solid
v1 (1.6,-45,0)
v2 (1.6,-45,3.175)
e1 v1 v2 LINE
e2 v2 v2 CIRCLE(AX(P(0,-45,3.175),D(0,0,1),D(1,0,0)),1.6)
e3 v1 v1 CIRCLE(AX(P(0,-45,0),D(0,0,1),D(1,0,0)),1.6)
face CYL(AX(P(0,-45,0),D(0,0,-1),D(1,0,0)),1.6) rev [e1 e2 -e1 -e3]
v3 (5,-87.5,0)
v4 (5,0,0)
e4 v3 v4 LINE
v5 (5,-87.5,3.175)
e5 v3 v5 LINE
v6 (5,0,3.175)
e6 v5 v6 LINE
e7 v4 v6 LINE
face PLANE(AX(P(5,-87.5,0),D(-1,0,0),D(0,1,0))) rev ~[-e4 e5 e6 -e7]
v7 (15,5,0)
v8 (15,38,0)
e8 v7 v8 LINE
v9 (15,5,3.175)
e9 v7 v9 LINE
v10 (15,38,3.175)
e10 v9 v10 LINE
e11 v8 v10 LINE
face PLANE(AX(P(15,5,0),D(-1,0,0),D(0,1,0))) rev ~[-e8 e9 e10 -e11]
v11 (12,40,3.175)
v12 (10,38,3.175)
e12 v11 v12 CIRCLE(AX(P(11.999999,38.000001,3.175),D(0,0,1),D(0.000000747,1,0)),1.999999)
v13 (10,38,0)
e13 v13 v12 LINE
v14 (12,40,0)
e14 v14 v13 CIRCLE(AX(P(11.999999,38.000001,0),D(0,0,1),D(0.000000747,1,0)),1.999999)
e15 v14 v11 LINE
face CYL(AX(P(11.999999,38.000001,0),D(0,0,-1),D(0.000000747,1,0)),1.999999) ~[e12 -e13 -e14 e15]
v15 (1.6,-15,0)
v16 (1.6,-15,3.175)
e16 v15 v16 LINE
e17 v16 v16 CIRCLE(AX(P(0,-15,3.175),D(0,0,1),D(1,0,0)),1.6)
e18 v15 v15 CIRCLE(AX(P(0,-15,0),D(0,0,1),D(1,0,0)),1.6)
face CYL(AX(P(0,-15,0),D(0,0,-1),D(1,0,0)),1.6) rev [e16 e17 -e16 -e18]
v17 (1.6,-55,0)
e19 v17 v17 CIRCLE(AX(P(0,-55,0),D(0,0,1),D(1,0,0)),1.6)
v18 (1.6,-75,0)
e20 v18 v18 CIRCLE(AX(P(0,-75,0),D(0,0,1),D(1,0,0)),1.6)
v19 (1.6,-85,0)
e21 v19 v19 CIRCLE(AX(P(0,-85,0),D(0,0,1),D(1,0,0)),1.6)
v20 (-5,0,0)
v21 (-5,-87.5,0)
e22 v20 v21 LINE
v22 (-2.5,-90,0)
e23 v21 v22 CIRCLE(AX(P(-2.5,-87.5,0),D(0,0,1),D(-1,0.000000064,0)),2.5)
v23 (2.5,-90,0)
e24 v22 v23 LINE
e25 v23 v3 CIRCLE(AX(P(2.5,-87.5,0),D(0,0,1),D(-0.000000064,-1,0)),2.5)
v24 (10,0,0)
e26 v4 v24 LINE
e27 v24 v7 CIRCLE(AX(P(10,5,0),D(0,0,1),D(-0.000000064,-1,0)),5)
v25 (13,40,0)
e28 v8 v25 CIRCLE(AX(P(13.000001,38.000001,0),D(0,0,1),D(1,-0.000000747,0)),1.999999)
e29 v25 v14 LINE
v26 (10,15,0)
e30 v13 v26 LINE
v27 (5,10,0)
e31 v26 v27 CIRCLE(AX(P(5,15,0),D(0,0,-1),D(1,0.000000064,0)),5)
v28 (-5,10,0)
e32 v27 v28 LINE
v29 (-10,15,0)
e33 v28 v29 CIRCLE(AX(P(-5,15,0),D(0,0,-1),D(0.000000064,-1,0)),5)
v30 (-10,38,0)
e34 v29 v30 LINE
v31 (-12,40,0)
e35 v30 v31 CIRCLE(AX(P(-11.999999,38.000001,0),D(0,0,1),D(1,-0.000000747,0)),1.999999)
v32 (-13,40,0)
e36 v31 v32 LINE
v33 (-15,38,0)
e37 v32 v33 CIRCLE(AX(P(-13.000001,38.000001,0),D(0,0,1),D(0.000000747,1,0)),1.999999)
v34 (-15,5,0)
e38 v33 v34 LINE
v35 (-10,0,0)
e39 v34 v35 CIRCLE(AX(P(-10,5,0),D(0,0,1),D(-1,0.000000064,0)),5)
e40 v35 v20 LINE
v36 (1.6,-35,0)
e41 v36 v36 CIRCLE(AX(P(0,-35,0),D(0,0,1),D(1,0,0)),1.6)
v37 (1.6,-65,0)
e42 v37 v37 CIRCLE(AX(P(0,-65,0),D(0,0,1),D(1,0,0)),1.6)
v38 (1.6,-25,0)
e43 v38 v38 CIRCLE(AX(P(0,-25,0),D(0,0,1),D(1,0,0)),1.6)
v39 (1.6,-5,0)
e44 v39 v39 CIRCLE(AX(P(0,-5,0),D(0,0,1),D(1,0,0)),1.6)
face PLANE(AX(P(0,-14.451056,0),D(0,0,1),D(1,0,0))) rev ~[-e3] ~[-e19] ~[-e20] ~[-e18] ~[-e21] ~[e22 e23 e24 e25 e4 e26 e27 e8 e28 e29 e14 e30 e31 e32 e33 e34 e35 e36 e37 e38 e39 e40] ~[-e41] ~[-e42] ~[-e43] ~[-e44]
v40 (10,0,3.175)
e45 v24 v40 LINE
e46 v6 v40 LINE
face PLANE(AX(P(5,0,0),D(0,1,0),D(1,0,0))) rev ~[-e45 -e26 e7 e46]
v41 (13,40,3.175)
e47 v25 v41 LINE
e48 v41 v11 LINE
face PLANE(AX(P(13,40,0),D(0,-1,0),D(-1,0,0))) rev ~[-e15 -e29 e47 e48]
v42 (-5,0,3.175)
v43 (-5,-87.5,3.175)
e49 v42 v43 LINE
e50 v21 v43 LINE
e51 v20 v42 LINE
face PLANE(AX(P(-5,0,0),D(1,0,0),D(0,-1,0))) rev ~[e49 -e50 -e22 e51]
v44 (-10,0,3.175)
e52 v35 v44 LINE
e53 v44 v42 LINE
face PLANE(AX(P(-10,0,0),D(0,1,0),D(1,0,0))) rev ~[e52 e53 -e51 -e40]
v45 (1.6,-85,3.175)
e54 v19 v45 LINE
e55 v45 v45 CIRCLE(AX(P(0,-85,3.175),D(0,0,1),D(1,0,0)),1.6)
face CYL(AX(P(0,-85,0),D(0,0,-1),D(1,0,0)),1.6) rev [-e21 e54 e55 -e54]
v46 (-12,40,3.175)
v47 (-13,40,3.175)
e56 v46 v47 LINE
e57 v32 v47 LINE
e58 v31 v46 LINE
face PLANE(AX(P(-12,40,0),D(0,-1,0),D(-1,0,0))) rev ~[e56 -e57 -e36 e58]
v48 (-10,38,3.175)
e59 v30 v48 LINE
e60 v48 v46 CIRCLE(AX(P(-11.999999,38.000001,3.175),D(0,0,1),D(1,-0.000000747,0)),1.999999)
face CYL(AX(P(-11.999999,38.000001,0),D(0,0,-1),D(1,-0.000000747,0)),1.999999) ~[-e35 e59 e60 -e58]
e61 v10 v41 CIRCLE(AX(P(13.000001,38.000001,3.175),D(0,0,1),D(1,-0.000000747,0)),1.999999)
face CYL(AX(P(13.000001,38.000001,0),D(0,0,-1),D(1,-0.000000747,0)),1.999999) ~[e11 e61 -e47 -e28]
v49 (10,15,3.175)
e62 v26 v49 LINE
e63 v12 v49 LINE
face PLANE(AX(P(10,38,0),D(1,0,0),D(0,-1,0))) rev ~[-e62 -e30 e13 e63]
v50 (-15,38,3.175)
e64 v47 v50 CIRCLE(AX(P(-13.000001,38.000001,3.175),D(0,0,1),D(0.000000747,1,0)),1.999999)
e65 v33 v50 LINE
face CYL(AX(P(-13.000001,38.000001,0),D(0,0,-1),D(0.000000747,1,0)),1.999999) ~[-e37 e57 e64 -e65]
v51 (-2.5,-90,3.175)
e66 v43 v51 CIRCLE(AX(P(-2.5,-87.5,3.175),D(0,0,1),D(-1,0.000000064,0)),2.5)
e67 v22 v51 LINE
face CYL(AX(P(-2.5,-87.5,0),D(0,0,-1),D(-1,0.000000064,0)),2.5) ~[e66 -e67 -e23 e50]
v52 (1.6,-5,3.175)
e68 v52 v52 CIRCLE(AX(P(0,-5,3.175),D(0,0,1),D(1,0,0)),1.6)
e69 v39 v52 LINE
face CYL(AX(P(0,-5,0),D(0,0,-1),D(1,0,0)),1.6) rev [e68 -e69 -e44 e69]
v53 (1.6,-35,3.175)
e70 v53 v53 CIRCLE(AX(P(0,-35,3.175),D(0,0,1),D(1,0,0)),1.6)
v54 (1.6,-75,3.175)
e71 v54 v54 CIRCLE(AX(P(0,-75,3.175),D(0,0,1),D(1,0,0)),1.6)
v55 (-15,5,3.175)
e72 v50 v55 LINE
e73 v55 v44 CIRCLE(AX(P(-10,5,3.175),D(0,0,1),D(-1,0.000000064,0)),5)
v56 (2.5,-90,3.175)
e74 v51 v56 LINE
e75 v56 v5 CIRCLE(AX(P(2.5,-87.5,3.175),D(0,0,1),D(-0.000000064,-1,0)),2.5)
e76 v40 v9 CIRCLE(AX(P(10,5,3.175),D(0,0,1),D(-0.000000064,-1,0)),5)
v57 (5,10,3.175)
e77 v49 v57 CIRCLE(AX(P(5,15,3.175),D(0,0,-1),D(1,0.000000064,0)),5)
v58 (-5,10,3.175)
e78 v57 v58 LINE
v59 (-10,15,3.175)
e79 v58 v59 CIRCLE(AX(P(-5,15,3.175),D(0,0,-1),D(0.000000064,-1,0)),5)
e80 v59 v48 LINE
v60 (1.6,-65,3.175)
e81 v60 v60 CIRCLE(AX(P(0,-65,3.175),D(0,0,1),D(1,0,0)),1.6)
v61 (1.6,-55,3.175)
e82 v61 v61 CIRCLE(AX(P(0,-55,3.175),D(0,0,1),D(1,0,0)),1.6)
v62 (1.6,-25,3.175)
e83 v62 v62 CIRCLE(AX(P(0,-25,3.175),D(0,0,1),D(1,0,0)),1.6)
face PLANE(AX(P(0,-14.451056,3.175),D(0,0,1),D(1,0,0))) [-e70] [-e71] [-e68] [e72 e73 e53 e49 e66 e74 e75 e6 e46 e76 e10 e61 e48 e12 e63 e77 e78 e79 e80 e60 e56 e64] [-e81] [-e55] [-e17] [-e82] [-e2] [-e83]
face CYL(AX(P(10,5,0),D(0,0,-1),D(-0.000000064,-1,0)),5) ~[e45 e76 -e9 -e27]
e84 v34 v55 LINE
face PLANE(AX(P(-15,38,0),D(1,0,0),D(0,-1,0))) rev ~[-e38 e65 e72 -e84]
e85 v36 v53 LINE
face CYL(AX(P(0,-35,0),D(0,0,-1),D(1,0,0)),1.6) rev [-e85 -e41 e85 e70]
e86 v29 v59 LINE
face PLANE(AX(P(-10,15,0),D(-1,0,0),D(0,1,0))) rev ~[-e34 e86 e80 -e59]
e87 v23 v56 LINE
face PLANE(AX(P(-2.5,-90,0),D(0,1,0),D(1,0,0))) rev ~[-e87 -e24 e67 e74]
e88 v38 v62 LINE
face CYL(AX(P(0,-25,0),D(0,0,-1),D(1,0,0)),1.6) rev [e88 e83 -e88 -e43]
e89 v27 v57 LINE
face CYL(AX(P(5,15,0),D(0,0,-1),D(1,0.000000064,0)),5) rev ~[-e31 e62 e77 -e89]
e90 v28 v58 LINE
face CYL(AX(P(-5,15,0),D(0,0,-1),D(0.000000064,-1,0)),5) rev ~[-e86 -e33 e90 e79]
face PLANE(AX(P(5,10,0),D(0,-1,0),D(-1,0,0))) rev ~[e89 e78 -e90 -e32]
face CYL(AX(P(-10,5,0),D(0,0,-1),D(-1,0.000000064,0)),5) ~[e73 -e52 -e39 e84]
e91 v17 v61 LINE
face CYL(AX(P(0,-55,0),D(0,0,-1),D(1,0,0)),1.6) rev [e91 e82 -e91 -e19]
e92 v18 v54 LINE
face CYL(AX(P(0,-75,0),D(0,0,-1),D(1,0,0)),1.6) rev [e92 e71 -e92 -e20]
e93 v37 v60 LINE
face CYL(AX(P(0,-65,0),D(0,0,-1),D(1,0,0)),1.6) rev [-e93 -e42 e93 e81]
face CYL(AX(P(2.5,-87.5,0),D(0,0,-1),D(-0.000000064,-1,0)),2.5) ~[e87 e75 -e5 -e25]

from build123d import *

# Parameters (mm, degrees)
F0_R     = 1.6
F1_DEPTH = 3.175


with BuildPart() as f1:
    # F0 (on Top) → F1 (new body)
    with BuildSketch(Plane.XY):
        with BuildLine():
            ThreePointArc((-15, 5), (-13.535534, 1.464466), (-10, 0))
            Line((-10, 0), (-5, 0))
            Line((-5, 0), (-5, -87.5))
            ThreePointArc((-5, -87.5), (-4.267767, -89.267767), (-2.5, -90))
            Line((-2.5, -90), (0, -90))
            Line((0, -90), (2.5, -90))
            ThreePointArc((2.5, -90), (4.267767, -89.267767), (5, -87.5))
            Line((5, -87.5), (5, 0))
            Line((5, 0), (10, 0))
            ThreePointArc((10, 0), (13.535534, 1.464466), (15, 5))
            Line((15, 5), (15, 10))
            Line((15, 10), (15, 38))
            ThreePointArc((15, 38), (14.414214, 39.414214), (13, 40))
            Line((13, 40), (12, 40))
            ThreePointArc((12, 40), (10.585786, 39.414214), (10, 38))
            Line((10, 38), (10, 15))
            ThreePointArc((10, 15), (8.535534, 11.464466), (5, 10))
            Line((5, 10), (-5, 10))
            ThreePointArc((-5, 10), (-8.535534, 11.464466), (-10, 15))
            Line((-10, 15), (-10, 38))
            ThreePointArc((-10, 38), (-10.585786, 39.414214), (-12, 40))
            Line((-12, 40), (-13, 40))
            ThreePointArc((-13, 40), (-14.414214, 39.414214), (-15, 38))
            Line((-15, 38), (-15, 10))
            Line((-15, 10), (-15, 5))
        make_face()
        with Locations((0, -85)):
            Circle(F0_R, mode=Mode.SUBTRACT)
        with Locations((0, -75)):
            Circle(F0_R, mode=Mode.SUBTRACT)
        with Locations((0, -65)):
            Circle(F0_R, mode=Mode.SUBTRACT)
        with Locations((0, -55)):
            Circle(F0_R, mode=Mode.SUBTRACT)
        with Locations((0, -45)):
            Circle(F0_R, mode=Mode.SUBTRACT)
        with Locations((0, -35)):
            Circle(F0_R, mode=Mode.SUBTRACT)
        with Locations((0, -25)):
            Circle(F0_R, mode=Mode.SUBTRACT)
        with Locations((0, -15)):
            Circle(F0_R, mode=Mode.SUBTRACT)
        with Locations((0, -5)):
            Circle(F0_R, mode=Mode.SUBTRACT)
    extrude(amount=F1_DEPTH)


solid = f1.part
